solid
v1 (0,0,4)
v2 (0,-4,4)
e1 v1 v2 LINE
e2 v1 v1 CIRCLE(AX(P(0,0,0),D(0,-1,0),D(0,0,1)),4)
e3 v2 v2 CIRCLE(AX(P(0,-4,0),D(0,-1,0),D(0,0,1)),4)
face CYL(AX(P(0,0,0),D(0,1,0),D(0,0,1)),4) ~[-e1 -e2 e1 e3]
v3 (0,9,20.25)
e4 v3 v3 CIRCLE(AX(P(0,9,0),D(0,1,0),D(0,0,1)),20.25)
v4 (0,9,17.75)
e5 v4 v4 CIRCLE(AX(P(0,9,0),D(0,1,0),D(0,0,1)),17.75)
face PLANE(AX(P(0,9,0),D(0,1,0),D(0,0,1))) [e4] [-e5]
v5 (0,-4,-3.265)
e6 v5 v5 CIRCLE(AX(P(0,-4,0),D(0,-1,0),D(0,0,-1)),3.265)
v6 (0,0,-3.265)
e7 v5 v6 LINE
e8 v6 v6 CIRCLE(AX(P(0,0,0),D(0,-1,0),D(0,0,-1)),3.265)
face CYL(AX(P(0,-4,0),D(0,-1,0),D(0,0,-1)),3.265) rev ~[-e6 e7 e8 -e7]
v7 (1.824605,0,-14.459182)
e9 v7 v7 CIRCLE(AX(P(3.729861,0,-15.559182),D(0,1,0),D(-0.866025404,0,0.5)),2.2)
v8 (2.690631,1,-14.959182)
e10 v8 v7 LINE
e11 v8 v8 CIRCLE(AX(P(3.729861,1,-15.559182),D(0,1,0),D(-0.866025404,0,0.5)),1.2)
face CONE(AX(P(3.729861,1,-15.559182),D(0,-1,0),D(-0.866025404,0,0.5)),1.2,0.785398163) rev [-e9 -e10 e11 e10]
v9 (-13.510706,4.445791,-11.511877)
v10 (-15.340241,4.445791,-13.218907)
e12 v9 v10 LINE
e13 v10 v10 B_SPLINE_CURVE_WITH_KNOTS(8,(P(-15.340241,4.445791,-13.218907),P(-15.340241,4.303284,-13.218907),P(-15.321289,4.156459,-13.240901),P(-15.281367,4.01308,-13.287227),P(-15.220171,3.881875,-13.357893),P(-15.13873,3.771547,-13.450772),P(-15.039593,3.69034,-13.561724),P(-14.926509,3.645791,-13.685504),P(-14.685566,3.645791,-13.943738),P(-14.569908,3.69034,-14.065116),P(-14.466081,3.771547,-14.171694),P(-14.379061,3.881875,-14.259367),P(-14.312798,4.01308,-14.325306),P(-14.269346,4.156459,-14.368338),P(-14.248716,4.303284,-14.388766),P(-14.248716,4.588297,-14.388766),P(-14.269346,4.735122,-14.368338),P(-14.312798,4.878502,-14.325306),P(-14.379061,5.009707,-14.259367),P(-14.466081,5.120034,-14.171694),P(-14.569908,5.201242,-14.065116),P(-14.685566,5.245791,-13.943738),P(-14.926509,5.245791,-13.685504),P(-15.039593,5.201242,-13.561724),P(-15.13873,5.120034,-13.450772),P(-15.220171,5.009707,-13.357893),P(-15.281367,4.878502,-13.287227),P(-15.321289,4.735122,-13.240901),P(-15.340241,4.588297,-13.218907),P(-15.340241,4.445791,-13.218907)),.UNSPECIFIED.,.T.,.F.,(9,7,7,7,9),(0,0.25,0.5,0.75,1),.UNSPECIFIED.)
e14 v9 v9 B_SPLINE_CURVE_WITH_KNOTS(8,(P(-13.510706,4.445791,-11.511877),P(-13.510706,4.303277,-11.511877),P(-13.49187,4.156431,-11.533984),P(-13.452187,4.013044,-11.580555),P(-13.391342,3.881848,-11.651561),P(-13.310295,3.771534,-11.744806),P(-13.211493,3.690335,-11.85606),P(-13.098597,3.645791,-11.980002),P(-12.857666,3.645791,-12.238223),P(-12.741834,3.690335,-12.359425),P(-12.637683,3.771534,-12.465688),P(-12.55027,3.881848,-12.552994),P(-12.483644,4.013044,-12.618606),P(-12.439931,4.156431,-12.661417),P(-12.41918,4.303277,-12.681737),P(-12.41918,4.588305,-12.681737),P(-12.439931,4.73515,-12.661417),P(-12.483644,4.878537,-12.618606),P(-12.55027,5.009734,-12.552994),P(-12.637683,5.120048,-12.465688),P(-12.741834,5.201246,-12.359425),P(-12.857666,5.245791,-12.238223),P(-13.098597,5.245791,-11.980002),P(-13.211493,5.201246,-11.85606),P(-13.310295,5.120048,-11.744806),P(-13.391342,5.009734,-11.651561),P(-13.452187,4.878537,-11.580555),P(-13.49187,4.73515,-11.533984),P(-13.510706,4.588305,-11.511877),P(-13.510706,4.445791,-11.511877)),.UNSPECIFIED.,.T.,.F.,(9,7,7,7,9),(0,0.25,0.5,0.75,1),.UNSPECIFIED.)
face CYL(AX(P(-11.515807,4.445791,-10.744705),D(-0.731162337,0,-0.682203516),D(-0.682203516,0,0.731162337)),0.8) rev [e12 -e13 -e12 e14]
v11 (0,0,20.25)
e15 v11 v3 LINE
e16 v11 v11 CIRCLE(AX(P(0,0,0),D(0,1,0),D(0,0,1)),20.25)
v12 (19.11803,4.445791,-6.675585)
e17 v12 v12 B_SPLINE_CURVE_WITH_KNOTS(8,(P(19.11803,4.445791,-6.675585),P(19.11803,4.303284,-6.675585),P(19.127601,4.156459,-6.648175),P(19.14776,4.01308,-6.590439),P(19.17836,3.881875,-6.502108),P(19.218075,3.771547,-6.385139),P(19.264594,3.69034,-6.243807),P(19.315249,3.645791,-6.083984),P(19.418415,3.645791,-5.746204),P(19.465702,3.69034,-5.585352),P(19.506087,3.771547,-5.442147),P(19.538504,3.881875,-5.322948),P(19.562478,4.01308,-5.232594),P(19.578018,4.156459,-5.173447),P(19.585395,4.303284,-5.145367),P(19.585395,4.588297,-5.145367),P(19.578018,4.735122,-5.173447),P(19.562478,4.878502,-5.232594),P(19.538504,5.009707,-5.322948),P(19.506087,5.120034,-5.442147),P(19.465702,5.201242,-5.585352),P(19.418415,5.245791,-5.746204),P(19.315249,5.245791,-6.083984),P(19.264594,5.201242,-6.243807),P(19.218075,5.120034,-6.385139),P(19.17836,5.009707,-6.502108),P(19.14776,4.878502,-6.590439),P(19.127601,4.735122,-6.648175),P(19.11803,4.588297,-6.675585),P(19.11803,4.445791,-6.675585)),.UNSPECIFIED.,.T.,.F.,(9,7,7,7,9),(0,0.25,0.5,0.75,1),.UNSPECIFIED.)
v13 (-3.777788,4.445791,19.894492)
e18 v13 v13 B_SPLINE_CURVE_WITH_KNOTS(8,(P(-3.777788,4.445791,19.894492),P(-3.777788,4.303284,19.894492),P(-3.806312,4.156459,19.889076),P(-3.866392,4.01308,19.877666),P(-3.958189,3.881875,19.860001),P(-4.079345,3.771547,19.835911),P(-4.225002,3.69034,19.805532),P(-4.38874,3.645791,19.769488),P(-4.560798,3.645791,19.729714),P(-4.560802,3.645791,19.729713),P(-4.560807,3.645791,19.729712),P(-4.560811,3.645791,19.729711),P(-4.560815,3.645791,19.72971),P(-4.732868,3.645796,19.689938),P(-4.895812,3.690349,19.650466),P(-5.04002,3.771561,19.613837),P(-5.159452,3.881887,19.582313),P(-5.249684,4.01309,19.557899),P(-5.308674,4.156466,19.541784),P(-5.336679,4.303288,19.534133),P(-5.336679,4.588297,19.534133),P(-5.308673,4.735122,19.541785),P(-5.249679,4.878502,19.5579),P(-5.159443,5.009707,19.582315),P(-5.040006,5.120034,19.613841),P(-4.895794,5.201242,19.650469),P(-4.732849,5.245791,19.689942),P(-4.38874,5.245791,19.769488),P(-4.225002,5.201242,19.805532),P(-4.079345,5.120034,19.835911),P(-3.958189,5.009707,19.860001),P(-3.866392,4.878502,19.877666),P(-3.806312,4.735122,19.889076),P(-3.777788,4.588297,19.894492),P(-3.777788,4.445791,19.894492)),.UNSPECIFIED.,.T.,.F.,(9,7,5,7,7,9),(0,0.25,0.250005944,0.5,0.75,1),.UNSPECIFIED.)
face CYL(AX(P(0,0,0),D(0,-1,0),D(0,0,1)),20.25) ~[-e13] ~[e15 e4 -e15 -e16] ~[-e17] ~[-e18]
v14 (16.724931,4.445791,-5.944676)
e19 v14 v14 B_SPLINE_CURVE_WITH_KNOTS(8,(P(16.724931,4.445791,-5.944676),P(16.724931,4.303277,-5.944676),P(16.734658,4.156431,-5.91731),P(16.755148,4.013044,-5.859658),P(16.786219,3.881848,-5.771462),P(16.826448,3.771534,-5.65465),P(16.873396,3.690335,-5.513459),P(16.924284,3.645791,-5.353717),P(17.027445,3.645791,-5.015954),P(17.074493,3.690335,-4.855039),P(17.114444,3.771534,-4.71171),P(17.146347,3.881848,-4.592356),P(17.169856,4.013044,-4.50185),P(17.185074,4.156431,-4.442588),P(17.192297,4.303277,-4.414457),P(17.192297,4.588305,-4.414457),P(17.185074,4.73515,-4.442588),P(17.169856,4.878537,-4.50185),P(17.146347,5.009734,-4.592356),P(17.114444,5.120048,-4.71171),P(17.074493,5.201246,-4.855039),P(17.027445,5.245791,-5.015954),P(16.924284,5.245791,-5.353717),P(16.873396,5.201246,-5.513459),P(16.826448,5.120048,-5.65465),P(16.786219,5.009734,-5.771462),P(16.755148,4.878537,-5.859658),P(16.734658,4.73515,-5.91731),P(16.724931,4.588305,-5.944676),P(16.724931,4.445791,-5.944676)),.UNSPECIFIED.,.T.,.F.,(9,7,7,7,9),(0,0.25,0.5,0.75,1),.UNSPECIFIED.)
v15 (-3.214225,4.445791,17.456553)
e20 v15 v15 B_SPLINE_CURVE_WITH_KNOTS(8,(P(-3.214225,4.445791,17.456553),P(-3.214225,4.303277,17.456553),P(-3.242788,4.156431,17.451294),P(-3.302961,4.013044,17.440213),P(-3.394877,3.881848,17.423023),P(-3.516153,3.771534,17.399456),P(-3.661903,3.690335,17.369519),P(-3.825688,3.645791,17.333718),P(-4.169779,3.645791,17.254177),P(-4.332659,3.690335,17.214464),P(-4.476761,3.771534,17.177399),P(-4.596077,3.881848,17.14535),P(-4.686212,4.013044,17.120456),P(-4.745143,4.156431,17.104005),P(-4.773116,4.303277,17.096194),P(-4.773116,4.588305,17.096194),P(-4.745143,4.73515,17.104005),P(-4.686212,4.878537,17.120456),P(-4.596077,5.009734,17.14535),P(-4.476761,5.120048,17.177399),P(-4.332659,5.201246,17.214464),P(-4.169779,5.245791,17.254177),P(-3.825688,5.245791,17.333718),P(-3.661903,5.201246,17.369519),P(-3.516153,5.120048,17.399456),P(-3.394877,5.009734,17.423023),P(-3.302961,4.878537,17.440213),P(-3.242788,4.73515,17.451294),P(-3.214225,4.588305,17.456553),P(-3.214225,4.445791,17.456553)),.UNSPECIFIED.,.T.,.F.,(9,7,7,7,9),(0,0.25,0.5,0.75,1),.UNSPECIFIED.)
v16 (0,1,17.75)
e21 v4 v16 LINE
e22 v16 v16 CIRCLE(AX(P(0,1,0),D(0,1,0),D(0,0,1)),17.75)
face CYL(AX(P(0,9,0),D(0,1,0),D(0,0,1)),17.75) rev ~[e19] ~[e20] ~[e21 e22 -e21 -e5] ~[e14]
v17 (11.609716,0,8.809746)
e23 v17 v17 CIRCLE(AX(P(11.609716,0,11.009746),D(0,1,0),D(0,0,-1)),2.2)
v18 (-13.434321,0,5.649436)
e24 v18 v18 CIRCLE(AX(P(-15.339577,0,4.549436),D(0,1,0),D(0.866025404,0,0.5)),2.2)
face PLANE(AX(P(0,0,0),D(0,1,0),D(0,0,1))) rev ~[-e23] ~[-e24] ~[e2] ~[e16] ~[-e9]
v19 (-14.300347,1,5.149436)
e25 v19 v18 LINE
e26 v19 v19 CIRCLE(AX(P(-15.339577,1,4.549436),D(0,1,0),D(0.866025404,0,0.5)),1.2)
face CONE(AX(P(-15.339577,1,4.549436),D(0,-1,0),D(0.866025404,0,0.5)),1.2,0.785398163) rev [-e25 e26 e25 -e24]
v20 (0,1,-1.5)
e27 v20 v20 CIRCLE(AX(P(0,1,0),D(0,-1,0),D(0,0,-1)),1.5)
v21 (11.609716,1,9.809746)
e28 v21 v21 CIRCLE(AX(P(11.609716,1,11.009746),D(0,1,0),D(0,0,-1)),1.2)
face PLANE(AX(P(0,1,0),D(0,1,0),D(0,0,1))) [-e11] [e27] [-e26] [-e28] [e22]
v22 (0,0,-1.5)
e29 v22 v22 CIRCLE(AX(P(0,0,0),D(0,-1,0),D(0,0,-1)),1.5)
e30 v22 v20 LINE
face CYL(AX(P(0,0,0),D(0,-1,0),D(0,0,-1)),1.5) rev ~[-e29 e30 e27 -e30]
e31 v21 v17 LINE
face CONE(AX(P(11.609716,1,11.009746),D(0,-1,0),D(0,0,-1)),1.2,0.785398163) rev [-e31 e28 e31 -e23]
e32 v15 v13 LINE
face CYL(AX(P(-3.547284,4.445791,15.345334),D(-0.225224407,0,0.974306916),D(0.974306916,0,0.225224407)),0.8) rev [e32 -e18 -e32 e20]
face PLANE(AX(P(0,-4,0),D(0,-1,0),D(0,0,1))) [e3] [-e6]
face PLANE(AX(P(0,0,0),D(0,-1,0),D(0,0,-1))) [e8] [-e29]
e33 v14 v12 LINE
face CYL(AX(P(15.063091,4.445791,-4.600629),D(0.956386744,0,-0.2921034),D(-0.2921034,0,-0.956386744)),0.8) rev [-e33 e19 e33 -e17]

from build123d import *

# Parameters (mm, degrees)
SKETCH1_R           = 20.25
BOSS_EXTRUDE1_DEPTH = 9
SKETCH2_R           = 17.75
CUT_EXTRUDE1_DEPTH  = 8
CIRPATTERN1_COUNT   = 3
SKETCH5_R           = 1.5
CUT_EXTRUDE2_DEPTH  = 8
CIRPATTERN2_COUNT   = 3
SKETCH7_R           = 4
BOSS_EXTRUDE3_DEPTH = 4
SKETCH8_R           = 3.265
CUT_EXTRUDE3_DEPTH  = 4


with BuildPart() as part:
    # Sketch1 → Boss-Extrude1 (new body)
    with BuildSketch(Plane(origin=(0, 0, 0), x_dir=(1, 0, 0), z_dir=(0, 1, 0))):
        with Locations(Location((0, 0, 0), (0, 0, 270))):
            Circle(SKETCH1_R)
    extrude(amount=BOSS_EXTRUDE1_DEPTH)

    # Sketch2 → Cut-Extrude1 (cut)
    with BuildSketch(Plane(origin=(0, 9, 0), x_dir=(1, 0, 0), z_dir=(0, 1, 0))):
        with Locations(Location((0, 0, 0), (0, 0, 270))):
            Circle(SKETCH2_R)
    extrude(amount=-CUT_EXTRUDE1_DEPTH, mode=Mode.SUBTRACT)

    # Sketch4 → CSK SLOT for M2 Countersunk Flat Head Screw1 (revolve, cut)
    with BuildSketch(Plane(origin=(11.609715894, 0, 11.00974554), x_dir=(0, 0, -1), z_dir=(1, 0, 0))):
        Polygon((0, 0), (0, 6.521032743), (1.2, 5.8), (1.2, 1), (2.2, 0), align=None)
    csk_slot_for_m2_countersunk_flat_head_sc = revolve(axis=Axis((11.609715894, -6.35, 11.00974554), (0, 1, 0)), mode=Mode.SUBTRACT)

    # CirPattern1: CSK SLOT for M2 Countersunk Flat Head Screw1 ×3 about axis
    cirpattern1_axis = Axis((0, 0, 0), (0, 1, 0))
    for i in range(1, CIRPATTERN1_COUNT):
        add(csk_slot_for_m2_countersunk_flat_head_sc.rotate(cirpattern1_axis, i * 360 / CIRPATTERN1_COUNT), mode=Mode.SUBTRACT)

    # Sketch5 → Cut-Extrude2 (cut)
    with BuildSketch(Plane.XZ):
        with Locations(Location((0, 0, 0), (0, 0, 270))):
            Circle(SKETCH5_R)
    extrude(amount=-CUT_EXTRUDE2_DEPTH, mode=Mode.SUBTRACT)

    # Sketch6 → M2 Tapped Hole1 (revolve, cut)
    with BuildSketch(Plane(origin=(-4.560794248, 4.445790719, 19.729715047), x_dir=(0.974306915892993, 0, 0.22522440729877435), z_dir=(0, 1, 0))):
        Polygon((0, 0), (0, 4.980688495), (0.8, 4.5), (0.8, 0), align=None)
    m2_tapped_hole1 = revolve(axis=Axis((-5.990969234, 4.445790719, 25.916563963), (0.22522440729877433, 0, -0.9743069158929931)), mode=Mode.SUBTRACT)

    # CirPattern2: M2 Tapped Hole1 ×3 about axis
    cirpattern2_axis = Axis((0, 9, 0), (0, -1, 0))
    for i in range(1, CIRPATTERN2_COUNT):
        add(m2_tapped_hole1.rotate(cirpattern2_axis, i * 360 / CIRPATTERN2_COUNT), mode=Mode.SUBTRACT)

    # Sketch7 → Boss-Extrude3 (add)
    with BuildSketch(Plane.XZ):
        with Locations(Location((0, 0, 0), (0, 0, 90))):
            Circle(SKETCH7_R)
    extrude(amount=BOSS_EXTRUDE3_DEPTH)

    # Sketch8 → Cut-Extrude3 (cut)
    with BuildSketch(Plane.XZ.offset(4)):
        with Locations(Location((0, 0, 0), (0, 0, 270))):
            Circle(SKETCH8_R)
    extrude(amount=-CUT_EXTRUDE3_DEPTH, mode=Mode.SUBTRACT)


solid = part.part
